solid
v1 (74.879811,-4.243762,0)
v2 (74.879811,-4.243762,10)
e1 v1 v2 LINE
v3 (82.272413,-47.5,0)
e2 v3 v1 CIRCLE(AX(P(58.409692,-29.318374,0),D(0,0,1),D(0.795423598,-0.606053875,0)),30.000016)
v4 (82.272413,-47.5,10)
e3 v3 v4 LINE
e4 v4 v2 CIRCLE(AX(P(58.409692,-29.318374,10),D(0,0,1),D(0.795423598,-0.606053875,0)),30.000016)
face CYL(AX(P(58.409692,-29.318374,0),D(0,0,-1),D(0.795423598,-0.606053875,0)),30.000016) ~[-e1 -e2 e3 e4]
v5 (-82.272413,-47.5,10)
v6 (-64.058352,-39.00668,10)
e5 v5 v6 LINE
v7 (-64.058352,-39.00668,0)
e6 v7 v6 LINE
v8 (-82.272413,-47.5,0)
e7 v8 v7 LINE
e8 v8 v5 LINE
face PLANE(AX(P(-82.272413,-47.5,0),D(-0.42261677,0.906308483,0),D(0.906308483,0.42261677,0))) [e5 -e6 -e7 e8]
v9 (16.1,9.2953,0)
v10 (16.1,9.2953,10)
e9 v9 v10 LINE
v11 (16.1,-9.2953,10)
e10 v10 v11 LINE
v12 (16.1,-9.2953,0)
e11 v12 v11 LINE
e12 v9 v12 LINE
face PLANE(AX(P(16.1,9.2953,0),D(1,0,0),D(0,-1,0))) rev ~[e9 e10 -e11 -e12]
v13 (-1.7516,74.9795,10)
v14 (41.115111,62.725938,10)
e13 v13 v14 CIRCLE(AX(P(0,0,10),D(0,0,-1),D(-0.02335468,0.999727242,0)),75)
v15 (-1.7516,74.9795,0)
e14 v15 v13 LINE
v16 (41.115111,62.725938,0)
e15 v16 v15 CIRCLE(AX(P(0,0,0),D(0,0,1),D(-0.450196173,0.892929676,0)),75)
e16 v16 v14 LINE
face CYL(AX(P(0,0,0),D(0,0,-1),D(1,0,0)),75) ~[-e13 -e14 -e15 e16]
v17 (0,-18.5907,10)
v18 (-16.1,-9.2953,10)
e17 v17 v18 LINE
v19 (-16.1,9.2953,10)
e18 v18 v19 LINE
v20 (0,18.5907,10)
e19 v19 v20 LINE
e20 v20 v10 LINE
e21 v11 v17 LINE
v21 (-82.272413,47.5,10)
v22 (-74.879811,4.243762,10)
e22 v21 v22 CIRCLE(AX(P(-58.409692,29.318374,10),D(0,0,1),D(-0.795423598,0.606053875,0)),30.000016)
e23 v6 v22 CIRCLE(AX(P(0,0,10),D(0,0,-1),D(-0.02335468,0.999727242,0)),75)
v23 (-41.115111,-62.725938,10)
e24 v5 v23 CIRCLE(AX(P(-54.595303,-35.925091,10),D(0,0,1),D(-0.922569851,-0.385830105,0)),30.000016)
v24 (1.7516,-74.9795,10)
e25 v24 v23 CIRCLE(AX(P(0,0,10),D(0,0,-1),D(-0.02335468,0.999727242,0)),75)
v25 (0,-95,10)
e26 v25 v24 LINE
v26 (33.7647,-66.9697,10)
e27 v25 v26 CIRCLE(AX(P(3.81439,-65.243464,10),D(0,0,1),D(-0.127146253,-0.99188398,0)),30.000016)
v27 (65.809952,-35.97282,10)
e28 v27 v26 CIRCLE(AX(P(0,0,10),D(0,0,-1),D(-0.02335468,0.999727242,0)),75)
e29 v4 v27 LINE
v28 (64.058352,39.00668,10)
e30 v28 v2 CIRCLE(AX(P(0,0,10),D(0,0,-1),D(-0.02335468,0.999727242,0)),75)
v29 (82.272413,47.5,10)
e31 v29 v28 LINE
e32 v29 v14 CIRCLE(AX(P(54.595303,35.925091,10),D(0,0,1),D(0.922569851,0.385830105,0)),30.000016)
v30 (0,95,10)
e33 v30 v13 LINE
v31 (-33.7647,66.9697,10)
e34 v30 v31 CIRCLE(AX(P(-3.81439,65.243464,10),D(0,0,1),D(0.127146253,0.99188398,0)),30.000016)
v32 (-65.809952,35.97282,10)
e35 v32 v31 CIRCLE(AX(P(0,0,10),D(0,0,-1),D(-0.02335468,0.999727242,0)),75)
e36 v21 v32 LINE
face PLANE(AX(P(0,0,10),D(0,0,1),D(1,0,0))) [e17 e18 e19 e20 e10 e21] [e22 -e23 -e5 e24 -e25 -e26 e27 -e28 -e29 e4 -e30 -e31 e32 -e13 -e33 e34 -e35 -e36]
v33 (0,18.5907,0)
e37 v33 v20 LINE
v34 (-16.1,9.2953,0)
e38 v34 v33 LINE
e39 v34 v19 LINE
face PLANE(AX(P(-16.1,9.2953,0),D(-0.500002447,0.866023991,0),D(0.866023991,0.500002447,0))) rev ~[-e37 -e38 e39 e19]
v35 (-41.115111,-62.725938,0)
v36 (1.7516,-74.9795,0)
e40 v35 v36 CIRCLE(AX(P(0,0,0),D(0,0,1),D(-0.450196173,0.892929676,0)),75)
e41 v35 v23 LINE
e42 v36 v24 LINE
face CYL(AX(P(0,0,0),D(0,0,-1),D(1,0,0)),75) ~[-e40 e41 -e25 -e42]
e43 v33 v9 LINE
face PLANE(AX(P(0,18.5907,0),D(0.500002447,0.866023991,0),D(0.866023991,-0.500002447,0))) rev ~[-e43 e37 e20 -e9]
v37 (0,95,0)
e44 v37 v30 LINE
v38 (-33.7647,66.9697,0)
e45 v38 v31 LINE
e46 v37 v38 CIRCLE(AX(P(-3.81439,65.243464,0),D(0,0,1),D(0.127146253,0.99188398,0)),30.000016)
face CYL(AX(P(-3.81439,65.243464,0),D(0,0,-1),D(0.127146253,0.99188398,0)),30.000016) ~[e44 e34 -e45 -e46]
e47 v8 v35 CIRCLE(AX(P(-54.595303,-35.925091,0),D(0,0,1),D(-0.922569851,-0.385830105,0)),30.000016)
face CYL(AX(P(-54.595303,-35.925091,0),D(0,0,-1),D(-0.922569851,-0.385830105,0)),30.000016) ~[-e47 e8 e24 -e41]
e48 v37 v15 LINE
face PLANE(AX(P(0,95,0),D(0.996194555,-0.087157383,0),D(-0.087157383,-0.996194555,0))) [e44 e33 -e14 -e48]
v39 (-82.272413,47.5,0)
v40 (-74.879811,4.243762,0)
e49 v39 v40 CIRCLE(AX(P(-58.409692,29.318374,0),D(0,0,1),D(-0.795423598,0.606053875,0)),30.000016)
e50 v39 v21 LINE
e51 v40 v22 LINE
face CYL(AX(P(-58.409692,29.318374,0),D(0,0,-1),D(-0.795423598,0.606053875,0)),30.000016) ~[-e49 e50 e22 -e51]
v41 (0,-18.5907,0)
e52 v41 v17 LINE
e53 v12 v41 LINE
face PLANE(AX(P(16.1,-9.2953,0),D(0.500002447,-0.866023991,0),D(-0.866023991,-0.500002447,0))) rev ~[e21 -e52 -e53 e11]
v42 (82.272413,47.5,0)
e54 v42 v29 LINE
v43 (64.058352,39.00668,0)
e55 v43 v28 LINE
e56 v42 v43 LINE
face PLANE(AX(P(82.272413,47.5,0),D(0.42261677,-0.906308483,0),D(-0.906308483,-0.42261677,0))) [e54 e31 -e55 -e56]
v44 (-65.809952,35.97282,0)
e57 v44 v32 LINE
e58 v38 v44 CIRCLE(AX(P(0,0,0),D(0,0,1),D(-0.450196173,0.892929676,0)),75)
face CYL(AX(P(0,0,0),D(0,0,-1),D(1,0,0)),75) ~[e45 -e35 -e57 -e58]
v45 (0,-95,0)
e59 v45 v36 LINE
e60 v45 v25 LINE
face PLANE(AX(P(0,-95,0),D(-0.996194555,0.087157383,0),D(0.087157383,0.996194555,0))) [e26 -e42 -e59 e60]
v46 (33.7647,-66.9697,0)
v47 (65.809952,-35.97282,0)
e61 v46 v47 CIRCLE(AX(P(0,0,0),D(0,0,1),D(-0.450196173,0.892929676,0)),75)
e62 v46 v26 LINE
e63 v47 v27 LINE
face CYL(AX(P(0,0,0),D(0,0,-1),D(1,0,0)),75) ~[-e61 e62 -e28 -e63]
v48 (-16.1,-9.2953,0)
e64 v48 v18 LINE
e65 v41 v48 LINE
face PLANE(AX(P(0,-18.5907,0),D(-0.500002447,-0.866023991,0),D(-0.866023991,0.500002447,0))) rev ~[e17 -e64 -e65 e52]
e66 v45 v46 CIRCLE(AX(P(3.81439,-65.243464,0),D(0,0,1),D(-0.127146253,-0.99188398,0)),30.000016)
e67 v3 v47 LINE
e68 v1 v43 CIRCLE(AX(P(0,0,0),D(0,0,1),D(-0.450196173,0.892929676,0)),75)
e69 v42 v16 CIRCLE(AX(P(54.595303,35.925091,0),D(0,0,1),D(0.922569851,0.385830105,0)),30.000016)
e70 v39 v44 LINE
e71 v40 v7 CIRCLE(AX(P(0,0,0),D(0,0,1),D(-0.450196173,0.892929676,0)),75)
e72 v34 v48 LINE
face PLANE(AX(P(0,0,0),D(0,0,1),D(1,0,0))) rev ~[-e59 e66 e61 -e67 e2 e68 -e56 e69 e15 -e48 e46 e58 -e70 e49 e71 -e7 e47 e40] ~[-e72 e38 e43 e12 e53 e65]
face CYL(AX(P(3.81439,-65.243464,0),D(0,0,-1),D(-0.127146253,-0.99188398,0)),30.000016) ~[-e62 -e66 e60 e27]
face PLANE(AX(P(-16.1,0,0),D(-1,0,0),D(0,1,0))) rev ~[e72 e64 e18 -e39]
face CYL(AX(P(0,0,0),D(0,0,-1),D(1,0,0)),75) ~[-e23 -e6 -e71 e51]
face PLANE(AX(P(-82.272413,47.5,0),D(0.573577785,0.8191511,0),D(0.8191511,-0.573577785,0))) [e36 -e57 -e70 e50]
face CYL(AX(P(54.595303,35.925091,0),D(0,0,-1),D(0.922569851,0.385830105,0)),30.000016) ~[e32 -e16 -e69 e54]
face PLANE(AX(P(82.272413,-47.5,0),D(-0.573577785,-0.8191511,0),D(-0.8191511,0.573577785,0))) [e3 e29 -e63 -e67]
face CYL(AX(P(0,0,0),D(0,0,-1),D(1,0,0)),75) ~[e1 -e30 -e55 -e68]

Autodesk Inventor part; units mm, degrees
ref_plane "YZ Plane" through (0, 0, 0) normal (1, 0, 0) x (0, 1, 0)
ref_plane "XZ Plane" through (0, 0, 0) normal (0, 1, 0) x (-1, 0, 0)
ref_plane "XY Plane" through (0, 0, 0) normal (0, 0, 1) x (1, 0, 0)
sketch "Sketch1" plane through (0, 0, 0) normal (0, 0, 1) x (1, 0, 0)
  line L0 (0, -18.5907) -> (-16.1, -9.2953)
  line L1 (-16.1, -9.2953) -> (-16.1, 9.2953)
  line L2 (-16.1, 9.2953) -> (0, 18.5907)
  line L3 (0, 18.5907) -> (16.1, 9.2953)
  line L4 (16.1, 9.2953) -> (16.1, -9.2953)
  line L5 (16.1, -9.2953) -> (0, -18.5907)
  circle A0 centre (0, 0) radius 100
  circle A1 centre (0, 0) radius 75
  line L6 (0, 0) -> (-55.1345, 0)
  dimension "d0" = 32.2
  dimension "d1" = 200
  dimension "d2" = 150
  dimension "d14" = 30
extrude "Extrusion1" add sketch "Sketch1" along normal blind 10 contours A1
sketch "Sketch2" plane through (0, 0, 0) normal (0, 0, 1) x (1, 0, 0)
  circle A0 centre (0, 0) radius 75 projected
  line L0 (0, 0) -> (0, 75) construction
  line L1 (0, 95) -> (-15.0761, 73.4691) construction
  line L2 (0, 95) -> (-1.7516, 74.9795)
  circle A1 centre (0, 0) radius 75 projected
  arc A2 (0, 95) -> (-33.7647, 66.9697) centre (-3.8144, 65.2435) ccw
  line L3 (0, 75) -> (0, 95) construction
  point P0 (-1.7516, 74.9795)
  point P1 (-33.7647, 66.9697)
  dimension "d5" = 5
  dimension "d8" = 35
  dimension "d15" = 30
  dimension "d16" = 33
  dimension "d17" = 20
extrude "Extrusion2" add sketch "Sketch2" along normal blind 10 contours A0 A2 L2
pattern_circular "Circular Pattern1" count 6 over 360 about axis through (0, 0, -10) along (0, 0, 1) of "Extrusion2"
equation "\"BendReliefDepth\" = 0.5 * Thickness"
equation "\"Thickness\" = 10"
properties part number "NVPH-203 shredder cutter blade 3" material "Steel"
